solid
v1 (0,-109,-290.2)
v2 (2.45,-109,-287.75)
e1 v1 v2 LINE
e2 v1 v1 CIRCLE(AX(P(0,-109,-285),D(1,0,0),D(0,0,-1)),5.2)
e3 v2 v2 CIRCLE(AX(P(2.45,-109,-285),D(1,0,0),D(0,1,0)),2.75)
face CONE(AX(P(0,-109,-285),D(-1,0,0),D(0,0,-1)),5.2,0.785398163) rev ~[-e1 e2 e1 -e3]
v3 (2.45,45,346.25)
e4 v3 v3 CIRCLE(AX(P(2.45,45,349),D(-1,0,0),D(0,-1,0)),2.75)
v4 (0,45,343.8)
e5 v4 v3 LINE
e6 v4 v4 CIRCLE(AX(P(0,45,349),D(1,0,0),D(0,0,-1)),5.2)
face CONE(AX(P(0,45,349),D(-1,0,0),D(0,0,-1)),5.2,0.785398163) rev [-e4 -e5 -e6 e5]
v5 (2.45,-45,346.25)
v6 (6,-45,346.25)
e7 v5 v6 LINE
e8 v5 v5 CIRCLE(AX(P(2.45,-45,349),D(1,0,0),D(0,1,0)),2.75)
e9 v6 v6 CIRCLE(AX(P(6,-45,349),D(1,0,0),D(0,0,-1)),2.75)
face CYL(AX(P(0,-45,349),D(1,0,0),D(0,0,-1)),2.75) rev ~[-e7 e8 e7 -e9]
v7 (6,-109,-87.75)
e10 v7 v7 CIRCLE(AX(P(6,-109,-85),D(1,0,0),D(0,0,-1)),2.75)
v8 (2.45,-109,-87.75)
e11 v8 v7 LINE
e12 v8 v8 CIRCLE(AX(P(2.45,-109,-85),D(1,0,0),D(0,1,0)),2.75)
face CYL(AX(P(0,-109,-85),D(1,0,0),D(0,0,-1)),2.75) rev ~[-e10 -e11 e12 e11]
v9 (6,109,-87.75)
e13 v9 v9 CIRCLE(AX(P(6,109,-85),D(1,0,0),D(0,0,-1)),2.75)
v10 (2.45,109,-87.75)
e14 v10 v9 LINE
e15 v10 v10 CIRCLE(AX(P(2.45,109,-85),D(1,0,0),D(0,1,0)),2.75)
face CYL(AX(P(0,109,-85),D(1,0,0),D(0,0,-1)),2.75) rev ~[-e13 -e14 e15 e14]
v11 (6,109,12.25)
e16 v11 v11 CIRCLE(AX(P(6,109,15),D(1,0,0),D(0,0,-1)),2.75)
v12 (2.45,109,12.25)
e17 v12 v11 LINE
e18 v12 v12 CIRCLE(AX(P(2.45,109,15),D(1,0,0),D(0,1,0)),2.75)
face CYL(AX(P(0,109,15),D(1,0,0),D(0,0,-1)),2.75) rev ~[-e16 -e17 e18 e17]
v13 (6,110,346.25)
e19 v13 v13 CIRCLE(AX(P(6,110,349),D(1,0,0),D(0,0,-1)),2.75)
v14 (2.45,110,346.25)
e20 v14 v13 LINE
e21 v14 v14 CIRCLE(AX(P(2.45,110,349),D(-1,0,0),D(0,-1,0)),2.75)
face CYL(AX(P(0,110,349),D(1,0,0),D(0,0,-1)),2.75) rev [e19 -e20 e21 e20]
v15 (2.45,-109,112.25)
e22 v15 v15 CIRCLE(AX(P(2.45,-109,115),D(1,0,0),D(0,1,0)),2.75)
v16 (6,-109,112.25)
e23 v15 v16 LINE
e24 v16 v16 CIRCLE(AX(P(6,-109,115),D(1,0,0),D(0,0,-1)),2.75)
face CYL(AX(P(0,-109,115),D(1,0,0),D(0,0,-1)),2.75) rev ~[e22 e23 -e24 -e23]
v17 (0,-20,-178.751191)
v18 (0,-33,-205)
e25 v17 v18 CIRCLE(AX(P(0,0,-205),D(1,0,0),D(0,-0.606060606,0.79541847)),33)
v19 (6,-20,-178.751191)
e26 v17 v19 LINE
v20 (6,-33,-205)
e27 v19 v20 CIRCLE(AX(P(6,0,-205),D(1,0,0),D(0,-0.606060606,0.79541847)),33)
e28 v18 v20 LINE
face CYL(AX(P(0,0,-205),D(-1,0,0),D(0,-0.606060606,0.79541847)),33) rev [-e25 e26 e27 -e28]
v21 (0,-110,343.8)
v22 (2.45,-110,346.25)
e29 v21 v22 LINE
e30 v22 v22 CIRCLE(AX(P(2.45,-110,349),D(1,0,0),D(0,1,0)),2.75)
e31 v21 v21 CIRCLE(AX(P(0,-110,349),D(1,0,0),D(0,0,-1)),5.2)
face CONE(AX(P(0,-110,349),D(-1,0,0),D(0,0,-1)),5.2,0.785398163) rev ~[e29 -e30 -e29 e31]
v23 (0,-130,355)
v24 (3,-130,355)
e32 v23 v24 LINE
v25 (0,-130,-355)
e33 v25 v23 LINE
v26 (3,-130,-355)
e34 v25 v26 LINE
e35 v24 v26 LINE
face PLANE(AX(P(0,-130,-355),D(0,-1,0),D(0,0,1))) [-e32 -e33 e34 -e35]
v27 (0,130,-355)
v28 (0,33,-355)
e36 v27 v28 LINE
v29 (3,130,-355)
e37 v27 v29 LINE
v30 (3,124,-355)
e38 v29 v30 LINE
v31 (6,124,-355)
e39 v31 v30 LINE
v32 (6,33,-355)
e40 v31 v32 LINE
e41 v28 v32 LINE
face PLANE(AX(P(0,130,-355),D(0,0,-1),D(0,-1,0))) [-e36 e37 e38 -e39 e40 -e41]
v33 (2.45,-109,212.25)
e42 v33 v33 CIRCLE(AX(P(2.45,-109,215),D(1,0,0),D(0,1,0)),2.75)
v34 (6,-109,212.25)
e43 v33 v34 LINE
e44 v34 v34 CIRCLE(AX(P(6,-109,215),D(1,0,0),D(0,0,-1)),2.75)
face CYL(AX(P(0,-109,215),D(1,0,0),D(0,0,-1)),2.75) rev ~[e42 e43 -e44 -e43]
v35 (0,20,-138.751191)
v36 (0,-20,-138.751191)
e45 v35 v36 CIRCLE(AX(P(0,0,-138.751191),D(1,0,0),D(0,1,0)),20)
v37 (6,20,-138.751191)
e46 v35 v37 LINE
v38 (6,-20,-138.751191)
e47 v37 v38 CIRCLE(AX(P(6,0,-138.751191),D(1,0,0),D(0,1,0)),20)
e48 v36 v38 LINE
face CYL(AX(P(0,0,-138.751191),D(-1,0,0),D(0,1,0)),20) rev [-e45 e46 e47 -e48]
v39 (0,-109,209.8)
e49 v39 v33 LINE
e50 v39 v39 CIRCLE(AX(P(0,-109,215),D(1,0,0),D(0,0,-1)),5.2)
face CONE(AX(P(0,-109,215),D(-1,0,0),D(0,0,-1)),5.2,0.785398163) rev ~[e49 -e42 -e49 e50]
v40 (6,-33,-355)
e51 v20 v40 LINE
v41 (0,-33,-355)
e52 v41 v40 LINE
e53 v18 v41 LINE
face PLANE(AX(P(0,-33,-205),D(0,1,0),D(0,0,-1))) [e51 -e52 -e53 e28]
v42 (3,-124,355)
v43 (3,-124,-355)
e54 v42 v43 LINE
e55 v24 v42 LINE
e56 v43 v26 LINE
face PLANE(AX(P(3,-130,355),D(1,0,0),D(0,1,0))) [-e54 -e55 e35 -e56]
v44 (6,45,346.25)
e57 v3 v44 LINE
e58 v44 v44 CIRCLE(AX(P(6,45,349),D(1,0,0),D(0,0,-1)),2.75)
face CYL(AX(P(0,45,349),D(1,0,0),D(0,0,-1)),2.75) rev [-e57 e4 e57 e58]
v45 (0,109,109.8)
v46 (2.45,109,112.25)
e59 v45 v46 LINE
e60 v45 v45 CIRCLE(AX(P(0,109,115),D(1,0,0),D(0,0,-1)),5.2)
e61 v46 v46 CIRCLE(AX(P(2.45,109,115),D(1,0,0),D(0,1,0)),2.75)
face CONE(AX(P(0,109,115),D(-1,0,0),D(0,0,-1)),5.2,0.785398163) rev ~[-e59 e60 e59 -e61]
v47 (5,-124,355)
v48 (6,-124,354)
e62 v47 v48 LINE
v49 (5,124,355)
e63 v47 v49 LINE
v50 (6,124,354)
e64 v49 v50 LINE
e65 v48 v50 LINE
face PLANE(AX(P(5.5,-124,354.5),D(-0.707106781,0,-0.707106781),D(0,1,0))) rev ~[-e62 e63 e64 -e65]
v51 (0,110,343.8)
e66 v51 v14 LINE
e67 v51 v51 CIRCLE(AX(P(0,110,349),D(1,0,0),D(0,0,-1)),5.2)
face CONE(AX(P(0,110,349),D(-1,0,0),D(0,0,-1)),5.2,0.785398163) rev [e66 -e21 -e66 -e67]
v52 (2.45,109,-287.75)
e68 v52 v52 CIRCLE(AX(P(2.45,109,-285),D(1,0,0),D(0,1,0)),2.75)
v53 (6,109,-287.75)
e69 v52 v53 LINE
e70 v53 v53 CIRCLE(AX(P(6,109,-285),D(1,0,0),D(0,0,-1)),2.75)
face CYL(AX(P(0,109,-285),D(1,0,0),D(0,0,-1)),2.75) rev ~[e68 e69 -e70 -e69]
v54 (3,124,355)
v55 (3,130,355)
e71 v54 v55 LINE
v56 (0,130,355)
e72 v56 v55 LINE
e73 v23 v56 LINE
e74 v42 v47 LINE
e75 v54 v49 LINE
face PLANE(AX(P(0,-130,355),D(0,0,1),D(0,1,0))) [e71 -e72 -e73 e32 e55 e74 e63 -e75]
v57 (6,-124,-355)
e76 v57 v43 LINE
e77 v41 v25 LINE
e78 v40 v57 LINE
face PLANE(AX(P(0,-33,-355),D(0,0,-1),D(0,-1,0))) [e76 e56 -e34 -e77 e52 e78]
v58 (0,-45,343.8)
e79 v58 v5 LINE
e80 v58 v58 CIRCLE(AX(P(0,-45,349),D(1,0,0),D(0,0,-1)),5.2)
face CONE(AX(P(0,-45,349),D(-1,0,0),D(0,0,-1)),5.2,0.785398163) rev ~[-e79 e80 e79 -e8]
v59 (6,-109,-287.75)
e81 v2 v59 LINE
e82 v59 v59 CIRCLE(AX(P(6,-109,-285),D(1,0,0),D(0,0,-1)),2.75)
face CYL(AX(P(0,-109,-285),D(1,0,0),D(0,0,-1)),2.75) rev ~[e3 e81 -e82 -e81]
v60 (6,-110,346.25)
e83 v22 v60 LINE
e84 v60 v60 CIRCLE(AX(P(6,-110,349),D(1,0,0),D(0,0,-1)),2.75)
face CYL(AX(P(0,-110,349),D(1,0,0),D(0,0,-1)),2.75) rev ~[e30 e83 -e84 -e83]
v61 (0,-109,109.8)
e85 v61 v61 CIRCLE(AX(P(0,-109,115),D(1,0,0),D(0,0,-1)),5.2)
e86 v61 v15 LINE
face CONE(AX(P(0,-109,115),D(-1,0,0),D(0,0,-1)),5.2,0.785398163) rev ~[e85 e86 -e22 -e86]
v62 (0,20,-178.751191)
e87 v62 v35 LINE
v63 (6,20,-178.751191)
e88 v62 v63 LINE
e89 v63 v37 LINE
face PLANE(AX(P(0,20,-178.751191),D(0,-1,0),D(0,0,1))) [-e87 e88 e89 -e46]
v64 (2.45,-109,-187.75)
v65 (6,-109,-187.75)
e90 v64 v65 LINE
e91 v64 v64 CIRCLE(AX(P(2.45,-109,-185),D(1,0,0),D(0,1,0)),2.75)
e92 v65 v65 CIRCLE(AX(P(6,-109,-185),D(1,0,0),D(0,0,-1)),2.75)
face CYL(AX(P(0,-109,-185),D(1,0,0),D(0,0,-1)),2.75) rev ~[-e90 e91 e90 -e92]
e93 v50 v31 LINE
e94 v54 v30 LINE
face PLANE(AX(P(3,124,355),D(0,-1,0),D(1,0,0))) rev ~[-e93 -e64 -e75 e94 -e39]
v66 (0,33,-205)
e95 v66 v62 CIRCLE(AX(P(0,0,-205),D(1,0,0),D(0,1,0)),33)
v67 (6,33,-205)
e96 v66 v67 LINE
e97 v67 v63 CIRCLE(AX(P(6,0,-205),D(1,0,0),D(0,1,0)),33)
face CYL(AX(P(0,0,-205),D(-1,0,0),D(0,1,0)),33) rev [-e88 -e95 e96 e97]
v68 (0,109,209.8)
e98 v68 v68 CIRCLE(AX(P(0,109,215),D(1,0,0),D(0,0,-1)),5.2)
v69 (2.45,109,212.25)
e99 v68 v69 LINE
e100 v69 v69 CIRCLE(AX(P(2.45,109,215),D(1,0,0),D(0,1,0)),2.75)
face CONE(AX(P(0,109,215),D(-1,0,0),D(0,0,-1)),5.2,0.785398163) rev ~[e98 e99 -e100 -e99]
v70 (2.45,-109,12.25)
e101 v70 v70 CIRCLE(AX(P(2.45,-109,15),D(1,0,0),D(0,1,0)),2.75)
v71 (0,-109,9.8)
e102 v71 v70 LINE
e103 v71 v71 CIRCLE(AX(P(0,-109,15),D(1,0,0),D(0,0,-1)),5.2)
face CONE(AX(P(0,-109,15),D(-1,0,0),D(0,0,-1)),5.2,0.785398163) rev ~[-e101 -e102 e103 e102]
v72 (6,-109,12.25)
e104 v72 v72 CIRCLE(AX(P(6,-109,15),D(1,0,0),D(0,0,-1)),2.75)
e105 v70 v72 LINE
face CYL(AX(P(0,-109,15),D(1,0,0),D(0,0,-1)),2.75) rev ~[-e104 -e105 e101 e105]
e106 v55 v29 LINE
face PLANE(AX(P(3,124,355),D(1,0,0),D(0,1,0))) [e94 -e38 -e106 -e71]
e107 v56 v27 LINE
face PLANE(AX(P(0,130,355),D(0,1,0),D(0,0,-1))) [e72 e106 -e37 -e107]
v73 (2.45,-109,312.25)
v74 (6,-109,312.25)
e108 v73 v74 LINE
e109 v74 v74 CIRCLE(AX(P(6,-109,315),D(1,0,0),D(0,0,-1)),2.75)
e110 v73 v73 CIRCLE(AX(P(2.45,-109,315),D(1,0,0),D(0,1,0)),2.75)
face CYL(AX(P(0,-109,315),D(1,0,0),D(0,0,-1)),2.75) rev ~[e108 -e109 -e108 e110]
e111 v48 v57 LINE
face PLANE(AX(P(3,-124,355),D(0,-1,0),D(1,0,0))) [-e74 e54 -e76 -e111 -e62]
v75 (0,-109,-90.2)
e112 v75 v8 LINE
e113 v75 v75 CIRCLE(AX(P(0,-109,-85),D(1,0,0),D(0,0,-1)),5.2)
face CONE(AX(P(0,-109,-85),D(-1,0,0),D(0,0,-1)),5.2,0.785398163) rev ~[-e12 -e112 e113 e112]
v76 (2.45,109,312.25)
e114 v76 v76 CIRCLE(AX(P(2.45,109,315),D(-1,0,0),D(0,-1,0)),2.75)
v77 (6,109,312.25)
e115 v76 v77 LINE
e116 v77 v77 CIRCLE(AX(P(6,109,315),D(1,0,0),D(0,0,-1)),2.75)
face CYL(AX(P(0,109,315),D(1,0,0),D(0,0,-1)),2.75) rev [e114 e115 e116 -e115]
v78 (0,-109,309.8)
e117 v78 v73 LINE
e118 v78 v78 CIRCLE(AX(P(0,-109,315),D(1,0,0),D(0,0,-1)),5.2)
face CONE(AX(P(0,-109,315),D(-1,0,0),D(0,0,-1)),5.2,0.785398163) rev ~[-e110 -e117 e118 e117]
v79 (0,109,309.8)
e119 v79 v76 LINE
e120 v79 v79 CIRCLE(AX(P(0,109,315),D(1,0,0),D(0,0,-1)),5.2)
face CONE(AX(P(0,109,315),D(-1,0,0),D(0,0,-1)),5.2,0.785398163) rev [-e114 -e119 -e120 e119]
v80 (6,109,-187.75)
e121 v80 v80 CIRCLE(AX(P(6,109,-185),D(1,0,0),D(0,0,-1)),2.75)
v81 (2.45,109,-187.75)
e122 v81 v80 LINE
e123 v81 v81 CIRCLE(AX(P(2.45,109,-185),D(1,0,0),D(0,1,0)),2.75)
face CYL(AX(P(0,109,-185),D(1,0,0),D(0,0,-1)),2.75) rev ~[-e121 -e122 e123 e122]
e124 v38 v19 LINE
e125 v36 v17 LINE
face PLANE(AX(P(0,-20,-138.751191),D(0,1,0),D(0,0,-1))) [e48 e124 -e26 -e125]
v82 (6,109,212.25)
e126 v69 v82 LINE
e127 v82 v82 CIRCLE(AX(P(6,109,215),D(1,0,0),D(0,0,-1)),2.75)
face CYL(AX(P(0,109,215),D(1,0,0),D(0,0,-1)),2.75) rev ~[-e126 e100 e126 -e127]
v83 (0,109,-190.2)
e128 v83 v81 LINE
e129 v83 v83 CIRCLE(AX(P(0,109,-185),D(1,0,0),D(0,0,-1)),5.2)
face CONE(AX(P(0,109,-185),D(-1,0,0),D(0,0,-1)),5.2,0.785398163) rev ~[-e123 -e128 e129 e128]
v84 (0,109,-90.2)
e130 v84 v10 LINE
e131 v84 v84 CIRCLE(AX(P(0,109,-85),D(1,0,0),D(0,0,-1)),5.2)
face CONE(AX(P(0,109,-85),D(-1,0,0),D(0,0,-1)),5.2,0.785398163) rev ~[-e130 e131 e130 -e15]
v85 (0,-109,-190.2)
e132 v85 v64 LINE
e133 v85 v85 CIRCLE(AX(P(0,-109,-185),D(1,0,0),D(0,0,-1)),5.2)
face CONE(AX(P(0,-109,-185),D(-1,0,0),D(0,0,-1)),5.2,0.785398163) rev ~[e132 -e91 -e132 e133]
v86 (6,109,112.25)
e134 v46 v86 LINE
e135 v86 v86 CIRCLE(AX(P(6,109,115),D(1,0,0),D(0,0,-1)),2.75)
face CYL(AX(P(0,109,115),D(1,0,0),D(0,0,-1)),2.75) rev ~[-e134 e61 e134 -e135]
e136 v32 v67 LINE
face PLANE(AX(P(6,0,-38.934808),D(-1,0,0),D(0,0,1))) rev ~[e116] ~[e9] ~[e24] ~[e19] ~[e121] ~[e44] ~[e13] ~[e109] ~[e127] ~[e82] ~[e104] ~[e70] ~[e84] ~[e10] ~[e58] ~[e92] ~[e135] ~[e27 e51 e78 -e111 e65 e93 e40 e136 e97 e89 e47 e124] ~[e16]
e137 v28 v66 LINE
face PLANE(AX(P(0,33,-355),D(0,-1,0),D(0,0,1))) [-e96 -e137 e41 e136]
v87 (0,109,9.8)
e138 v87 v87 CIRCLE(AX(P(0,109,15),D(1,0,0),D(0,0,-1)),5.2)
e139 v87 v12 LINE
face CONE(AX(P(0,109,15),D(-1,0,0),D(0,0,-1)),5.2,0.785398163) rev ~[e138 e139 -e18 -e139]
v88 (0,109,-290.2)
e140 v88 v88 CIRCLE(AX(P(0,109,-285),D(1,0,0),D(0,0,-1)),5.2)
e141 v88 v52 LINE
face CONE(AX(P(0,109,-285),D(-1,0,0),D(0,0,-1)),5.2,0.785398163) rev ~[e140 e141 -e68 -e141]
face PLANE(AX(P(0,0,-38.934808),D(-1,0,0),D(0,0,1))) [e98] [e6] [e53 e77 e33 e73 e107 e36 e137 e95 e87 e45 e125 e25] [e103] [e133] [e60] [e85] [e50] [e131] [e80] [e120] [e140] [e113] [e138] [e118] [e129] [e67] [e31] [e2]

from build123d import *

# Parameters (mm, degrees)
BOSS_EXTRUDE1_DEPTH                                  = 6
SKIZZE1_W                                            = 3
SKIZZE1_H                                            = 6
SCHNITT_LINEAR_AUSTRAGEN1_DEPTH                      = 722.828234416
FORMSENKUNG_FUR_M5_LINSENSENKSCHRAUBE_MI_D           = 5.5
FORMSENKUNG_FUR_M5_LINSENSENKSCHRAUBE_MI_CSINK_D     = 10.4
FORMSENKUNG_FUR_M5_LINSENSENKSCHRAUBE_MI_CSINK_ANGLE = 90
CHAMFER1_SIZE                                        = 1
CSK_FOR_M5_COUNTERSUNK_RAISED_HEAD_SCREW_D           = 5.5
CSK_FOR_M5_COUNTERSUNK_RAISED_HEAD_SCREW_CSINK_D     = 10.4
CSK_FOR_M5_COUNTERSUNK_RAISED_HEAD_SCREW_CSINK_ANGLE = 90
LPATTERN1_COUNT                                      = 7
LPATTERN1_PITCH                                      = 100
SPIEGELN1_COPY_1_D                                   = 5.5
SPIEGELN1_COPY_1_CSINK_D                             = 10.4
SPIEGELN1_COPY_1_CSINK_ANGLE                         = 90
SPIEGELN1_COPY_2_D                                   = 5.5
SPIEGELN1_COPY_2_CSINK_D                             = 10.4
SPIEGELN1_COPY_2_CSINK_ANGLE                         = 90
SPIEGELN1_COPY_3_D                                   = 5.5
SPIEGELN1_COPY_3_CSINK_D                             = 10.4
SPIEGELN1_COPY_3_CSINK_ANGLE                         = 90
SPIEGELN1_COPY_4_D                                   = 5.5
SPIEGELN1_COPY_4_CSINK_D                             = 10.4
SPIEGELN1_COPY_4_CSINK_ANGLE                         = 90
SPIEGELN1_COPY_5_D                                   = 5.5
SPIEGELN1_COPY_5_CSINK_D                             = 10.4
SPIEGELN1_COPY_5_CSINK_ANGLE                         = 90
SPIEGELN1_COPY_6_D                                   = 5.5
SPIEGELN1_COPY_6_CSINK_D                             = 10.4
SPIEGELN1_COPY_6_CSINK_ANGLE                         = 90


with BuildPart() as part:
    # Sketch1 → Boss-Extrude1 (new body)
    with BuildSketch(Plane(origin=(0, 0, 0), x_dir=(0, 0, -1), z_dir=(1, 0, 0))):
        with BuildLine():
            Line((-355, 130), (355, 130))
            Line((355, 130), (355, 33))
            Line((355, 33), (205, 33))
            ThreePointArc((205, 33), (190.354181484, 29.571946165), (178.751190503, 20))
            Line((178.751190503, 20), (138.751190503, 20))
            ThreePointArc((138.751190503, 20), (118.751190503, 0), (138.751190503, -20))
            Line((138.751190503, -20), (178.751190503, -20))
            ThreePointArc((178.751190503, -20), (190.354181484, -29.571946165), (205, -33))
            Line((205, -33), (355, -33))
            Line((355, -33), (355, -130))
            Line((355, -130), (-355, -130))
            Line((-355, -130), (-355, 130))
        make_face()
    extrude(amount=BOSS_EXTRUDE1_DEPTH)

    # Skizze1 → Schnitt-Linear austragen1 (cut, through all)
    with BuildSketch(Plane.XY.offset(355)):
        with Locations((4.5, -127)):
            Rectangle(SKIZZE1_W, SKIZZE1_H)
        with Locations((4.5, 127)):
            Rectangle(SKIZZE1_W, SKIZZE1_H)
    extrude(amount=-SCHNITT_LINEAR_AUSTRAGEN1_DEPTH, mode=Mode.SUBTRACT)

    # Formsenkung fur M5 Linsensenkschraube mit Schlitz1 (through all)
    with Locations(Plane.ZY):
        with Locations((349, -110), (349, -45)):
            formsenkung_fur_m5_linsensenkschraube_mi = CounterSinkHole(FORMSENKUNG_FUR_M5_LINSENSENKSCHRAUBE_MI_D / 2, FORMSENKUNG_FUR_M5_LINSENSENKSCHRAUBE_MI_CSINK_D / 2, counter_sink_angle=FORMSENKUNG_FUR_M5_LINSENSENKSCHRAUBE_MI_CSINK_ANGLE)

    # Chamfer1
    chamfer1_edges = [part.edges().sort_by_distance(p)[0] for p in [
        (6, 0, 355),
    ]]
    chamfer(chamfer1_edges, length=CHAMFER1_SIZE)

    # CSK for M5 Countersunk Raised Head Screw1 (through all)
    with Locations(Plane.ZY):
        with Locations((315, -109)):
            csk_for_m5_countersunk_raised_head_screw = CounterSinkHole(CSK_FOR_M5_COUNTERSUNK_RAISED_HEAD_SCREW_D / 2, CSK_FOR_M5_COUNTERSUNK_RAISED_HEAD_SCREW_CSINK_D / 2, counter_sink_angle=CSK_FOR_M5_COUNTERSUNK_RAISED_HEAD_SCREW_CSINK_ANGLE)

    # LPattern1: CSK for M5 Countersunk Raised Head Screw1 ×7
    with Locations(*[(0, 0, -i * LPATTERN1_PITCH) for i in range(1, LPATTERN1_COUNT)]):
        add(csk_for_m5_countersunk_raised_head_screw, mode=Mode.SUBTRACT)

    # Spiegeln1: Formsenkung fur M5 Linsensenkschraube mit Schlitz1, CSK for M5 Countersunk Raised Head Screw1 across plane
    add(formsenkung_fur_m5_linsensenkschraube_mi.mirror(Plane.ZX), mode=Mode.SUBTRACT)
    add(csk_for_m5_countersunk_raised_head_screw.mirror(Plane.ZX), mode=Mode.SUBTRACT)

    # Spiegeln1 copy 1 (through all)
    with Locations(Plane(origin=(0, 0, -100), x_dir=(0, 0, 1), z_dir=(-1, 0, 0))):
        with Locations((315, 109)):
            CounterSinkHole(SPIEGELN1_COPY_1_D / 2, SPIEGELN1_COPY_1_CSINK_D / 2, counter_sink_angle=SPIEGELN1_COPY_1_CSINK_ANGLE)

    # Spiegeln1 copy 2 (through all)
    with Locations(Plane(origin=(0, 0, -200), x_dir=(0, 0, 1), z_dir=(-1, 0, 0))):
        with Locations((315, 109)):
            CounterSinkHole(SPIEGELN1_COPY_2_D / 2, SPIEGELN1_COPY_2_CSINK_D / 2, counter_sink_angle=SPIEGELN1_COPY_2_CSINK_ANGLE)

    # Spiegeln1 copy 3 (through all)
    with Locations(Plane(origin=(0, 0, -300), x_dir=(0, 0, 1), z_dir=(-1, 0, 0))):
        with Locations((315, 109)):
            CounterSinkHole(SPIEGELN1_COPY_3_D / 2, SPIEGELN1_COPY_3_CSINK_D / 2, counter_sink_angle=SPIEGELN1_COPY_3_CSINK_ANGLE)

    # Spiegeln1 copy 4 (through all)
    with Locations(Plane(origin=(0, 0, -400), x_dir=(0, 0, 1), z_dir=(-1, 0, 0))):
        with Locations((315, 109)):
            CounterSinkHole(SPIEGELN1_COPY_4_D / 2, SPIEGELN1_COPY_4_CSINK_D / 2, counter_sink_angle=SPIEGELN1_COPY_4_CSINK_ANGLE)

    # Spiegeln1 copy 5 (through all)
    with Locations(Plane(origin=(0, 0, -500), x_dir=(0, 0, 1), z_dir=(-1, 0, 0))):
        with Locations((315, 109)):
            CounterSinkHole(SPIEGELN1_COPY_5_D / 2, SPIEGELN1_COPY_5_CSINK_D / 2, counter_sink_angle=SPIEGELN1_COPY_5_CSINK_ANGLE)

    # Spiegeln1 copy 6 (through all)
    with Locations(Plane(origin=(0, 0, -600), x_dir=(0, 0, 1), z_dir=(-1, 0, 0))):
        with Locations((315, 109)):
            CounterSinkHole(SPIEGELN1_COPY_6_D / 2, SPIEGELN1_COPY_6_CSINK_D / 2, counter_sink_angle=SPIEGELN1_COPY_6_CSINK_ANGLE)


solid = part.part
